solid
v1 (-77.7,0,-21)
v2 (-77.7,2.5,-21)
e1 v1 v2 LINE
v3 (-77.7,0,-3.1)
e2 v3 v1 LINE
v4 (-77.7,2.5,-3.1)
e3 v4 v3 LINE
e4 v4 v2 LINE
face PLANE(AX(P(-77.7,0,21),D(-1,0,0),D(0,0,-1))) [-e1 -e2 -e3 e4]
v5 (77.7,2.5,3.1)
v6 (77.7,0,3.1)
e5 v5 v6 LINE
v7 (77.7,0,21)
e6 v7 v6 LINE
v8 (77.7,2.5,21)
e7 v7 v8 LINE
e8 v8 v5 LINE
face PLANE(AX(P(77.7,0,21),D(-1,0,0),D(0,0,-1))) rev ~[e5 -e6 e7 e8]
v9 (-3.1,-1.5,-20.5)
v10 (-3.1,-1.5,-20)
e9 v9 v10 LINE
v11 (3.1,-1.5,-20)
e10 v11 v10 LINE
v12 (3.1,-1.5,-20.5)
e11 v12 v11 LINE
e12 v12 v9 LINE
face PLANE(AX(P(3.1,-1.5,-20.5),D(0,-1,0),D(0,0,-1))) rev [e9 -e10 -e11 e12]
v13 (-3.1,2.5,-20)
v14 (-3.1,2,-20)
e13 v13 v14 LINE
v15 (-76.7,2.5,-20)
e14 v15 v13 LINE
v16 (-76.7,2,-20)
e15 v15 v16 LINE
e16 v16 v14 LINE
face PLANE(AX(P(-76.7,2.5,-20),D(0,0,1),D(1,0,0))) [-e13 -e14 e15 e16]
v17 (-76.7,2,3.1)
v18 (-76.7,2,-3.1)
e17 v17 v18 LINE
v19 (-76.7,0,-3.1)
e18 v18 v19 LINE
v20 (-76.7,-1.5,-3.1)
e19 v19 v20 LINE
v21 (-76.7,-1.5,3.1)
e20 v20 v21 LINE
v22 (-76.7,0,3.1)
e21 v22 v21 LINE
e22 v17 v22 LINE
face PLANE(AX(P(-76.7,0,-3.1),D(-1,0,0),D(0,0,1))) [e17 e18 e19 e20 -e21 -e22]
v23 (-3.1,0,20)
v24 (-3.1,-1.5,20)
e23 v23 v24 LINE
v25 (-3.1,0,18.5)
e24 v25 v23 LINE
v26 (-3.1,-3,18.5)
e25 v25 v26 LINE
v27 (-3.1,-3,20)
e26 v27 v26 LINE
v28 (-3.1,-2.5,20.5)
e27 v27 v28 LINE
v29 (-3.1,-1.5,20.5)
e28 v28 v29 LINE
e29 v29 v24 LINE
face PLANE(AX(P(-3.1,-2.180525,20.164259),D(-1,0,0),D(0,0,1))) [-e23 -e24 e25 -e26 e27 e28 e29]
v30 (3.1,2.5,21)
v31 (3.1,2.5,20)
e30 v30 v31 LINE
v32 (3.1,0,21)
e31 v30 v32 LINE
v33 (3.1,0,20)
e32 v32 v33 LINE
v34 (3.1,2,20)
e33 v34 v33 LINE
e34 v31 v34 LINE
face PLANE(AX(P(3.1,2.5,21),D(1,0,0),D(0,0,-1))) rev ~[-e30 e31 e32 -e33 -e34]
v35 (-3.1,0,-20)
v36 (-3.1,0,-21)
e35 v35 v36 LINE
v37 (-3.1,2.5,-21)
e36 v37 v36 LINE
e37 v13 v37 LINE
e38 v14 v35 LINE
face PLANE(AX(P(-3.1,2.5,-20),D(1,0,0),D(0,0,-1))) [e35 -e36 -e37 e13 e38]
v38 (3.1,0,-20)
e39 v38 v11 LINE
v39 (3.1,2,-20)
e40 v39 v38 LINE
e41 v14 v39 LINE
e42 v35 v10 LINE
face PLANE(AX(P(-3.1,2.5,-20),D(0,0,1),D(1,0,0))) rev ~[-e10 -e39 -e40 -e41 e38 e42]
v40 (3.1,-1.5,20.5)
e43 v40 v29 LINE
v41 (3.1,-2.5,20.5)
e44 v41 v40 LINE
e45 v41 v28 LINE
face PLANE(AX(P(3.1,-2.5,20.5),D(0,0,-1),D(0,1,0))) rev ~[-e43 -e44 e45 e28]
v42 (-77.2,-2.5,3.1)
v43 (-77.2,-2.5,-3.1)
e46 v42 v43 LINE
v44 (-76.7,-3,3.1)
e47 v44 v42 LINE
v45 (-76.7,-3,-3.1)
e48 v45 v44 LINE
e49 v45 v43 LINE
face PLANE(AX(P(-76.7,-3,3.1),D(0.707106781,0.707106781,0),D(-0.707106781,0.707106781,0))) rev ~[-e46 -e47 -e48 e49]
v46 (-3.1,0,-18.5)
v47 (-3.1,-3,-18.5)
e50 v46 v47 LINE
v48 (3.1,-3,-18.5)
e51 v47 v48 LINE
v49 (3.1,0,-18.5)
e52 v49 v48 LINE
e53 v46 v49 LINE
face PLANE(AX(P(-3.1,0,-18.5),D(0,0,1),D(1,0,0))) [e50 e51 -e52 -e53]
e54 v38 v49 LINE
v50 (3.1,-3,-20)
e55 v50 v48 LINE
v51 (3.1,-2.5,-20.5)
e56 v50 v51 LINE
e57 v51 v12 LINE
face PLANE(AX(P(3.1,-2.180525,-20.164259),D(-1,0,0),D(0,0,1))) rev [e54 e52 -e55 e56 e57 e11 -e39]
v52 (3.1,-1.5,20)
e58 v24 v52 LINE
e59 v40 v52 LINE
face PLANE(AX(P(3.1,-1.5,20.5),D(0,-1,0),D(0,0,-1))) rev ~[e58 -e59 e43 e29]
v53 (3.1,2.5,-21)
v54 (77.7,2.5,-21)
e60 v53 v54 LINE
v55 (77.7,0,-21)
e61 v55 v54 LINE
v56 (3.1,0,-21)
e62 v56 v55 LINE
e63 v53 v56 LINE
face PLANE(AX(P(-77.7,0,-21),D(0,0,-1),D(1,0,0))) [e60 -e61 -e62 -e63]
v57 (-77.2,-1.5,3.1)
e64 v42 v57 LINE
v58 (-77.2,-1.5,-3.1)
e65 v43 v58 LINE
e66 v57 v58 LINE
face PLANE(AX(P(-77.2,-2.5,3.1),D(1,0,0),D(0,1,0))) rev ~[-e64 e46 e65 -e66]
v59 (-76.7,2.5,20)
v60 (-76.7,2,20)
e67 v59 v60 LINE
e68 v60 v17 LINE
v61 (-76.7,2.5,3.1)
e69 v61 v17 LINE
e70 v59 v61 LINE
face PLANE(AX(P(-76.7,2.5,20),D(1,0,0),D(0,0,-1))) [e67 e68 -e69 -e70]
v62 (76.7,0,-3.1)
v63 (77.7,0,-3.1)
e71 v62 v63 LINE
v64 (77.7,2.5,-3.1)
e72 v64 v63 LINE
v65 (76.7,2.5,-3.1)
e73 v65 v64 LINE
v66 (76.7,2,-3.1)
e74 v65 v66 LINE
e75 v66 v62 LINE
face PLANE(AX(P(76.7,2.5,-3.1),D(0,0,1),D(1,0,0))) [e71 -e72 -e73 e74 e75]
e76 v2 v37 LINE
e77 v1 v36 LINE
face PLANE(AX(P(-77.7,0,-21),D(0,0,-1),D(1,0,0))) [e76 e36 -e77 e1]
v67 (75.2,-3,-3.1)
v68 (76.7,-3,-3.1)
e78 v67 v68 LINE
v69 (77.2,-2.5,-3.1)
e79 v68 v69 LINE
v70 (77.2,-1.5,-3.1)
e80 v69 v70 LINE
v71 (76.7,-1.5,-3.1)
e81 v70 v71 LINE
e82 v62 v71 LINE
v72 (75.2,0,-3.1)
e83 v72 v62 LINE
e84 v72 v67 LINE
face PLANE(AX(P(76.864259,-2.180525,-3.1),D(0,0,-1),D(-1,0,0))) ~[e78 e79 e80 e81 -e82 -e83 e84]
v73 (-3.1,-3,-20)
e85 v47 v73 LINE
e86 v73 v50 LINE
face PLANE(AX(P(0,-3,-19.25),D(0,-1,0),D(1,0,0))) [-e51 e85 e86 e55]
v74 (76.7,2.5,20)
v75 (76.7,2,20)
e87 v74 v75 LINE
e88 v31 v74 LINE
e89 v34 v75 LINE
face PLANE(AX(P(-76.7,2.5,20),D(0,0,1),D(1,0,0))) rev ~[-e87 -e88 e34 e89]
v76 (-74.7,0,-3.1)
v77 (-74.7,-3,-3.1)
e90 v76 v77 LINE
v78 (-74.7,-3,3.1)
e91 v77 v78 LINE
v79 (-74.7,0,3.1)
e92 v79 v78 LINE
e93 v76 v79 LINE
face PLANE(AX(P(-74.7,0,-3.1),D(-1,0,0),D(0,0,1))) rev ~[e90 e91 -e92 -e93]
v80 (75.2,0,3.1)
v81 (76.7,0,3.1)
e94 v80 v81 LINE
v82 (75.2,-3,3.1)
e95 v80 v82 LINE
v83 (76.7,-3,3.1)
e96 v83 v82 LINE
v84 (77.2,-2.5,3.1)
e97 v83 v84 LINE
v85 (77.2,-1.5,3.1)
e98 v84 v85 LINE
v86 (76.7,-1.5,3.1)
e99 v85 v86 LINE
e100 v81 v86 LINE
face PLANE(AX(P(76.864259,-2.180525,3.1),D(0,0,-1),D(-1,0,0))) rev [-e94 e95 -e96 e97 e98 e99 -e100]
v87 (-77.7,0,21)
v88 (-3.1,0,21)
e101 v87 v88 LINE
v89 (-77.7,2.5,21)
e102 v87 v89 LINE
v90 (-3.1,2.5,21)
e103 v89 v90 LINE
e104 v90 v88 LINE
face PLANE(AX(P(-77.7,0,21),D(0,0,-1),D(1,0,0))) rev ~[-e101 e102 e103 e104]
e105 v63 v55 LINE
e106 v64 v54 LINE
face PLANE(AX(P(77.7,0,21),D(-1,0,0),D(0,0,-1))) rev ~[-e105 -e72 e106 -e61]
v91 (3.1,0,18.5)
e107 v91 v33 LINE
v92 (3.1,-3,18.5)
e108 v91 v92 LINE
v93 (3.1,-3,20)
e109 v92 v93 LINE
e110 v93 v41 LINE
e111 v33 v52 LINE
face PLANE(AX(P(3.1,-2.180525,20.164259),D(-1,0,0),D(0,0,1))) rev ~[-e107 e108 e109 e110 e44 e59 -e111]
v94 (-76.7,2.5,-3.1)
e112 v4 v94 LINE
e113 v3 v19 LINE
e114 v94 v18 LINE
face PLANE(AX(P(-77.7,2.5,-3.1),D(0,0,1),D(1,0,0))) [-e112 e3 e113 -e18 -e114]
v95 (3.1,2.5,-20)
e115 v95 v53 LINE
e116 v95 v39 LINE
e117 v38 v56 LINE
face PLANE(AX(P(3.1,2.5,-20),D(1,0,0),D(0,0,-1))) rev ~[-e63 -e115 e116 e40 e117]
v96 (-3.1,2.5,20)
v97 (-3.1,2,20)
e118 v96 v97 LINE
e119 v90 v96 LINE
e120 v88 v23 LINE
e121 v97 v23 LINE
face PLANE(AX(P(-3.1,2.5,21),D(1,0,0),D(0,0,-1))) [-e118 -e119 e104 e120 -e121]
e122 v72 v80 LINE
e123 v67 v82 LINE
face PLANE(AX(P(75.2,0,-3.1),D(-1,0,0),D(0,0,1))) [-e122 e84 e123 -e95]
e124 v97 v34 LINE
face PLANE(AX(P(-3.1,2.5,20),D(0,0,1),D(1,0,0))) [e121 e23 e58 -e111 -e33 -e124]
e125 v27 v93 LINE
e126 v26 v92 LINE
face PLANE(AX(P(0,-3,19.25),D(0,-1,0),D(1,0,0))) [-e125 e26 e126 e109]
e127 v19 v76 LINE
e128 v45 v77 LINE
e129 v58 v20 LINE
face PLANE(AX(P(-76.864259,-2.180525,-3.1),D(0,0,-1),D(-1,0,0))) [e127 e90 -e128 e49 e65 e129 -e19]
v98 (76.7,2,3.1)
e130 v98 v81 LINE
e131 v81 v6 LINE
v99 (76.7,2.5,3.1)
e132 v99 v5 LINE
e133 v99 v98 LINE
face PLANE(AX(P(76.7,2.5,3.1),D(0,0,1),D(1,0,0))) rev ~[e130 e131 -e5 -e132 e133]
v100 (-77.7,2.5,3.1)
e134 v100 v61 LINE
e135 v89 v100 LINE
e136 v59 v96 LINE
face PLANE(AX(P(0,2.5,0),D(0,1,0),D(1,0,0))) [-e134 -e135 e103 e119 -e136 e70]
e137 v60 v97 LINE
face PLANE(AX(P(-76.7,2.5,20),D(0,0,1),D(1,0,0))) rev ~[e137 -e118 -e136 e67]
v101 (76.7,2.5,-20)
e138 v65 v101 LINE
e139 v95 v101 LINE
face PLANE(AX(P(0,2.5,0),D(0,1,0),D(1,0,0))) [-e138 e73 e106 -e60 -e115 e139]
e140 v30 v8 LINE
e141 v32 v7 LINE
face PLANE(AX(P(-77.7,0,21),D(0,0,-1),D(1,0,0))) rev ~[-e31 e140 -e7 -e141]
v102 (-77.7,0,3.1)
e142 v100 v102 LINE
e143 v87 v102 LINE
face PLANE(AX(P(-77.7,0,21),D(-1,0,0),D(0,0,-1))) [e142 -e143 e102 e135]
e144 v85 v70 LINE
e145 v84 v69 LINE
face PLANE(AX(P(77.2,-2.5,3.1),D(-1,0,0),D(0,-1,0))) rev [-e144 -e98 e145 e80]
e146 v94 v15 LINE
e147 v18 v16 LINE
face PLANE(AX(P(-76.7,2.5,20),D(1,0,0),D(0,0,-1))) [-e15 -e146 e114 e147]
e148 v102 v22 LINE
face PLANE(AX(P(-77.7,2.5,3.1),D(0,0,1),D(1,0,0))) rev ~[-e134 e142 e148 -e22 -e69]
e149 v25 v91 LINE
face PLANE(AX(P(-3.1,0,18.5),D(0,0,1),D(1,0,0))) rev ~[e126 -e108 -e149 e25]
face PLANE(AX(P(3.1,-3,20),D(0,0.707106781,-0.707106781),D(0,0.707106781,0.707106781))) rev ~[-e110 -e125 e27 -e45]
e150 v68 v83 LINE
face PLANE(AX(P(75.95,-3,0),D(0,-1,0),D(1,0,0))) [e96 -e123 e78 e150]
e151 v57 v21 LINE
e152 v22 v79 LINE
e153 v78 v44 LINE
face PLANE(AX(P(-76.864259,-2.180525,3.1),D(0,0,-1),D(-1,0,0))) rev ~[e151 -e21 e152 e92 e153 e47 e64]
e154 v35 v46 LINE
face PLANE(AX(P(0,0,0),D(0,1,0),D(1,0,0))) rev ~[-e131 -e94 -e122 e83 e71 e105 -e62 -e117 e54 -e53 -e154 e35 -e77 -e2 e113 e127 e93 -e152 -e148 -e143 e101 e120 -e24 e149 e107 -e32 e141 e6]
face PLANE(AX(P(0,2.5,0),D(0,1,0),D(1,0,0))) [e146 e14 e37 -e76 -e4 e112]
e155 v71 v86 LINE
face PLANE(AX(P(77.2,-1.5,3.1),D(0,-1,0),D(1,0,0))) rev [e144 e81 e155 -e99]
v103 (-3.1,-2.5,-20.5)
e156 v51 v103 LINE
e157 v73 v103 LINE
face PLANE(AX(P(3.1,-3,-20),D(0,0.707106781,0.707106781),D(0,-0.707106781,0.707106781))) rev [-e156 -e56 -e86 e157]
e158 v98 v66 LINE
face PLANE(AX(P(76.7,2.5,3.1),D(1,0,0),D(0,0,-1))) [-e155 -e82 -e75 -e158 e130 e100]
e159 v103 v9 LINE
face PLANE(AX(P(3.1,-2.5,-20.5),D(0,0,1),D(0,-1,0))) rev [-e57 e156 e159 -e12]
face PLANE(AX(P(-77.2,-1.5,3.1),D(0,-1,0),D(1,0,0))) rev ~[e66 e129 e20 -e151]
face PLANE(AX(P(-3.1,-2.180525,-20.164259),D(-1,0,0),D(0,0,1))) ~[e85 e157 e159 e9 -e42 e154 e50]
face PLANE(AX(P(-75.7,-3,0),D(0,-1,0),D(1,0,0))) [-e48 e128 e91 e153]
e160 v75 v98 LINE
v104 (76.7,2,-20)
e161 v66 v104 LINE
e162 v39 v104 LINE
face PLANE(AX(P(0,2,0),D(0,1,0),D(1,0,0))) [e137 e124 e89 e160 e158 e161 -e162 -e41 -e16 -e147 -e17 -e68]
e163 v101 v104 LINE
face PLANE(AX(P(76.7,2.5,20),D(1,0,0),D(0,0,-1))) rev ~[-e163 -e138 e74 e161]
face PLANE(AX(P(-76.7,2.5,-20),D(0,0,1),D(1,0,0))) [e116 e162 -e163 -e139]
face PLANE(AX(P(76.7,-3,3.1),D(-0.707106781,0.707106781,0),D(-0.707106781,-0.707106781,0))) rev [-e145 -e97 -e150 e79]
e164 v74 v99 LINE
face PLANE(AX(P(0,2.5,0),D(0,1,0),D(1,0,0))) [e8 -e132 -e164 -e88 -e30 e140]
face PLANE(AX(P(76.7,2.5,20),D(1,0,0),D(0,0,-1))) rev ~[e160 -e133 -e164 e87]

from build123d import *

# Parameters (mm, degrees)
SKETCH_1_W          = 155.4
SKETCH_1_H          = 42
EXTRUDE_1_DEPTH     = 2.5
SKETCH_2_W          = 153.4
SKETCH_2_H          = 40
CUT_EXTRUDE_1_DEPTH = 0.5
SKETCH_3_W          = 1
SKETCH_3_H          = 6.2
SKETCH_3_W_2        = 6.2
SKETCH_3_H_2        = 1
CUT_EXTRUDE_2_DEPTH = 81.526641554
SKETCH_4_W          = 2
SKETCH_4_H          = 6.2
SKETCH_4_W_2        = 6.2
SKETCH_4_H_2        = 1.5
SKETCH_4_W_3        = 1.5
EXTRUDE_2_DEPTH     = 3
EXTRUDE_3_DEPTH     = 6.2
EXTRUDE_4_DEPTH     = 6.2


with BuildPart() as part:
    # Эскиз1 → Бобышка-Вытянуть1 (new body)
    with BuildSketch(Plane(origin=(0, 0, 0), x_dir=(1, 0, 0), z_dir=(0, 1, 0))):
        Rectangle(SKETCH_1_W, SKETCH_1_H)
    extrude(amount=EXTRUDE_1_DEPTH)

    # Эскиз2 → Вырез-Вытянуть1 (cut)
    with BuildSketch(Plane(origin=(0, 2.5, 0), x_dir=(1, 0, 0), z_dir=(0, 1, 0))):
        Rectangle(SKETCH_2_W, SKETCH_2_H)
    extrude(amount=-CUT_EXTRUDE_1_DEPTH, mode=Mode.SUBTRACT)

    # Эскиз3 → Вырез-Вытянуть2 (cut, through all)
    with BuildSketch(Plane(origin=(0, 2.5, 0), x_dir=(1, 0, 0), z_dir=(0, 1, 0))):
        with Locations((-77.2, 0)):
            Rectangle(SKETCH_3_W, SKETCH_3_H)
        with Locations((0, 20.5)):
            Rectangle(SKETCH_3_W_2, SKETCH_3_H_2)
        with Locations((0, -20.5)):
            Rectangle(SKETCH_3_W_2, SKETCH_3_H_2)
        with Locations((77.2, 0)):
            Rectangle(SKETCH_3_W, SKETCH_3_H)
    extrude(amount=-CUT_EXTRUDE_2_DEPTH, mode=Mode.SUBTRACT)

    # Эскиз4 → Бобышка-Вытянуть2 (add)
    with BuildSketch(Plane.XZ):
        with Locations((-75.7, 0)):
            Rectangle(SKETCH_4_W, SKETCH_4_H)
        with Locations((0, 19.25)):
            Rectangle(SKETCH_4_W_2, SKETCH_4_H_2)
        with Locations((0, -19.25)):
            Rectangle(SKETCH_4_W_2, SKETCH_4_H_2)
        with Locations((75.95, 0)):
            Rectangle(SKETCH_4_W_3, SKETCH_4_H)
    extrude(amount=EXTRUDE_2_DEPTH)

    # Эскиз6 → Бобышка-Вытянуть3 (add)
    with BuildSketch(Plane.XY.offset(3.1)):
        Polygon((-76.7, -3), (-77.2, -2.5), (-77.2, -1.5), (-76.6, -1.5), (-76.6, -3), align=None)
    extrude_3 = extrude(amount=-EXTRUDE_3_DEPTH)

    # Зеркальное отражение1: Бобышка-Вытянуть3 across plane
    add(extrude_3.mirror(Plane(origin=(0, 0, 0), x_dir=(0, 0, 1), z_dir=(1, 0, 0))))

    # Эскиз8 → Бобышка-Вытянуть4 (add)
    with BuildSketch(Plane(origin=(3.1, 0, 0), x_dir=(0, 0, -1), z_dir=(1, 0, 0))):
        Polygon((-20, -3), (-20.5, -2.5), (-20.5, -1.5), (-19.9, -1.5), (-19.9, -3), align=None)
    extrude_4 = extrude(amount=-EXTRUDE_4_DEPTH)

    # Зеркальное отражение2: Бобышка-Вытянуть4 across plane
    add(extrude_4.mirror(Plane.XY))


solid = part.part
